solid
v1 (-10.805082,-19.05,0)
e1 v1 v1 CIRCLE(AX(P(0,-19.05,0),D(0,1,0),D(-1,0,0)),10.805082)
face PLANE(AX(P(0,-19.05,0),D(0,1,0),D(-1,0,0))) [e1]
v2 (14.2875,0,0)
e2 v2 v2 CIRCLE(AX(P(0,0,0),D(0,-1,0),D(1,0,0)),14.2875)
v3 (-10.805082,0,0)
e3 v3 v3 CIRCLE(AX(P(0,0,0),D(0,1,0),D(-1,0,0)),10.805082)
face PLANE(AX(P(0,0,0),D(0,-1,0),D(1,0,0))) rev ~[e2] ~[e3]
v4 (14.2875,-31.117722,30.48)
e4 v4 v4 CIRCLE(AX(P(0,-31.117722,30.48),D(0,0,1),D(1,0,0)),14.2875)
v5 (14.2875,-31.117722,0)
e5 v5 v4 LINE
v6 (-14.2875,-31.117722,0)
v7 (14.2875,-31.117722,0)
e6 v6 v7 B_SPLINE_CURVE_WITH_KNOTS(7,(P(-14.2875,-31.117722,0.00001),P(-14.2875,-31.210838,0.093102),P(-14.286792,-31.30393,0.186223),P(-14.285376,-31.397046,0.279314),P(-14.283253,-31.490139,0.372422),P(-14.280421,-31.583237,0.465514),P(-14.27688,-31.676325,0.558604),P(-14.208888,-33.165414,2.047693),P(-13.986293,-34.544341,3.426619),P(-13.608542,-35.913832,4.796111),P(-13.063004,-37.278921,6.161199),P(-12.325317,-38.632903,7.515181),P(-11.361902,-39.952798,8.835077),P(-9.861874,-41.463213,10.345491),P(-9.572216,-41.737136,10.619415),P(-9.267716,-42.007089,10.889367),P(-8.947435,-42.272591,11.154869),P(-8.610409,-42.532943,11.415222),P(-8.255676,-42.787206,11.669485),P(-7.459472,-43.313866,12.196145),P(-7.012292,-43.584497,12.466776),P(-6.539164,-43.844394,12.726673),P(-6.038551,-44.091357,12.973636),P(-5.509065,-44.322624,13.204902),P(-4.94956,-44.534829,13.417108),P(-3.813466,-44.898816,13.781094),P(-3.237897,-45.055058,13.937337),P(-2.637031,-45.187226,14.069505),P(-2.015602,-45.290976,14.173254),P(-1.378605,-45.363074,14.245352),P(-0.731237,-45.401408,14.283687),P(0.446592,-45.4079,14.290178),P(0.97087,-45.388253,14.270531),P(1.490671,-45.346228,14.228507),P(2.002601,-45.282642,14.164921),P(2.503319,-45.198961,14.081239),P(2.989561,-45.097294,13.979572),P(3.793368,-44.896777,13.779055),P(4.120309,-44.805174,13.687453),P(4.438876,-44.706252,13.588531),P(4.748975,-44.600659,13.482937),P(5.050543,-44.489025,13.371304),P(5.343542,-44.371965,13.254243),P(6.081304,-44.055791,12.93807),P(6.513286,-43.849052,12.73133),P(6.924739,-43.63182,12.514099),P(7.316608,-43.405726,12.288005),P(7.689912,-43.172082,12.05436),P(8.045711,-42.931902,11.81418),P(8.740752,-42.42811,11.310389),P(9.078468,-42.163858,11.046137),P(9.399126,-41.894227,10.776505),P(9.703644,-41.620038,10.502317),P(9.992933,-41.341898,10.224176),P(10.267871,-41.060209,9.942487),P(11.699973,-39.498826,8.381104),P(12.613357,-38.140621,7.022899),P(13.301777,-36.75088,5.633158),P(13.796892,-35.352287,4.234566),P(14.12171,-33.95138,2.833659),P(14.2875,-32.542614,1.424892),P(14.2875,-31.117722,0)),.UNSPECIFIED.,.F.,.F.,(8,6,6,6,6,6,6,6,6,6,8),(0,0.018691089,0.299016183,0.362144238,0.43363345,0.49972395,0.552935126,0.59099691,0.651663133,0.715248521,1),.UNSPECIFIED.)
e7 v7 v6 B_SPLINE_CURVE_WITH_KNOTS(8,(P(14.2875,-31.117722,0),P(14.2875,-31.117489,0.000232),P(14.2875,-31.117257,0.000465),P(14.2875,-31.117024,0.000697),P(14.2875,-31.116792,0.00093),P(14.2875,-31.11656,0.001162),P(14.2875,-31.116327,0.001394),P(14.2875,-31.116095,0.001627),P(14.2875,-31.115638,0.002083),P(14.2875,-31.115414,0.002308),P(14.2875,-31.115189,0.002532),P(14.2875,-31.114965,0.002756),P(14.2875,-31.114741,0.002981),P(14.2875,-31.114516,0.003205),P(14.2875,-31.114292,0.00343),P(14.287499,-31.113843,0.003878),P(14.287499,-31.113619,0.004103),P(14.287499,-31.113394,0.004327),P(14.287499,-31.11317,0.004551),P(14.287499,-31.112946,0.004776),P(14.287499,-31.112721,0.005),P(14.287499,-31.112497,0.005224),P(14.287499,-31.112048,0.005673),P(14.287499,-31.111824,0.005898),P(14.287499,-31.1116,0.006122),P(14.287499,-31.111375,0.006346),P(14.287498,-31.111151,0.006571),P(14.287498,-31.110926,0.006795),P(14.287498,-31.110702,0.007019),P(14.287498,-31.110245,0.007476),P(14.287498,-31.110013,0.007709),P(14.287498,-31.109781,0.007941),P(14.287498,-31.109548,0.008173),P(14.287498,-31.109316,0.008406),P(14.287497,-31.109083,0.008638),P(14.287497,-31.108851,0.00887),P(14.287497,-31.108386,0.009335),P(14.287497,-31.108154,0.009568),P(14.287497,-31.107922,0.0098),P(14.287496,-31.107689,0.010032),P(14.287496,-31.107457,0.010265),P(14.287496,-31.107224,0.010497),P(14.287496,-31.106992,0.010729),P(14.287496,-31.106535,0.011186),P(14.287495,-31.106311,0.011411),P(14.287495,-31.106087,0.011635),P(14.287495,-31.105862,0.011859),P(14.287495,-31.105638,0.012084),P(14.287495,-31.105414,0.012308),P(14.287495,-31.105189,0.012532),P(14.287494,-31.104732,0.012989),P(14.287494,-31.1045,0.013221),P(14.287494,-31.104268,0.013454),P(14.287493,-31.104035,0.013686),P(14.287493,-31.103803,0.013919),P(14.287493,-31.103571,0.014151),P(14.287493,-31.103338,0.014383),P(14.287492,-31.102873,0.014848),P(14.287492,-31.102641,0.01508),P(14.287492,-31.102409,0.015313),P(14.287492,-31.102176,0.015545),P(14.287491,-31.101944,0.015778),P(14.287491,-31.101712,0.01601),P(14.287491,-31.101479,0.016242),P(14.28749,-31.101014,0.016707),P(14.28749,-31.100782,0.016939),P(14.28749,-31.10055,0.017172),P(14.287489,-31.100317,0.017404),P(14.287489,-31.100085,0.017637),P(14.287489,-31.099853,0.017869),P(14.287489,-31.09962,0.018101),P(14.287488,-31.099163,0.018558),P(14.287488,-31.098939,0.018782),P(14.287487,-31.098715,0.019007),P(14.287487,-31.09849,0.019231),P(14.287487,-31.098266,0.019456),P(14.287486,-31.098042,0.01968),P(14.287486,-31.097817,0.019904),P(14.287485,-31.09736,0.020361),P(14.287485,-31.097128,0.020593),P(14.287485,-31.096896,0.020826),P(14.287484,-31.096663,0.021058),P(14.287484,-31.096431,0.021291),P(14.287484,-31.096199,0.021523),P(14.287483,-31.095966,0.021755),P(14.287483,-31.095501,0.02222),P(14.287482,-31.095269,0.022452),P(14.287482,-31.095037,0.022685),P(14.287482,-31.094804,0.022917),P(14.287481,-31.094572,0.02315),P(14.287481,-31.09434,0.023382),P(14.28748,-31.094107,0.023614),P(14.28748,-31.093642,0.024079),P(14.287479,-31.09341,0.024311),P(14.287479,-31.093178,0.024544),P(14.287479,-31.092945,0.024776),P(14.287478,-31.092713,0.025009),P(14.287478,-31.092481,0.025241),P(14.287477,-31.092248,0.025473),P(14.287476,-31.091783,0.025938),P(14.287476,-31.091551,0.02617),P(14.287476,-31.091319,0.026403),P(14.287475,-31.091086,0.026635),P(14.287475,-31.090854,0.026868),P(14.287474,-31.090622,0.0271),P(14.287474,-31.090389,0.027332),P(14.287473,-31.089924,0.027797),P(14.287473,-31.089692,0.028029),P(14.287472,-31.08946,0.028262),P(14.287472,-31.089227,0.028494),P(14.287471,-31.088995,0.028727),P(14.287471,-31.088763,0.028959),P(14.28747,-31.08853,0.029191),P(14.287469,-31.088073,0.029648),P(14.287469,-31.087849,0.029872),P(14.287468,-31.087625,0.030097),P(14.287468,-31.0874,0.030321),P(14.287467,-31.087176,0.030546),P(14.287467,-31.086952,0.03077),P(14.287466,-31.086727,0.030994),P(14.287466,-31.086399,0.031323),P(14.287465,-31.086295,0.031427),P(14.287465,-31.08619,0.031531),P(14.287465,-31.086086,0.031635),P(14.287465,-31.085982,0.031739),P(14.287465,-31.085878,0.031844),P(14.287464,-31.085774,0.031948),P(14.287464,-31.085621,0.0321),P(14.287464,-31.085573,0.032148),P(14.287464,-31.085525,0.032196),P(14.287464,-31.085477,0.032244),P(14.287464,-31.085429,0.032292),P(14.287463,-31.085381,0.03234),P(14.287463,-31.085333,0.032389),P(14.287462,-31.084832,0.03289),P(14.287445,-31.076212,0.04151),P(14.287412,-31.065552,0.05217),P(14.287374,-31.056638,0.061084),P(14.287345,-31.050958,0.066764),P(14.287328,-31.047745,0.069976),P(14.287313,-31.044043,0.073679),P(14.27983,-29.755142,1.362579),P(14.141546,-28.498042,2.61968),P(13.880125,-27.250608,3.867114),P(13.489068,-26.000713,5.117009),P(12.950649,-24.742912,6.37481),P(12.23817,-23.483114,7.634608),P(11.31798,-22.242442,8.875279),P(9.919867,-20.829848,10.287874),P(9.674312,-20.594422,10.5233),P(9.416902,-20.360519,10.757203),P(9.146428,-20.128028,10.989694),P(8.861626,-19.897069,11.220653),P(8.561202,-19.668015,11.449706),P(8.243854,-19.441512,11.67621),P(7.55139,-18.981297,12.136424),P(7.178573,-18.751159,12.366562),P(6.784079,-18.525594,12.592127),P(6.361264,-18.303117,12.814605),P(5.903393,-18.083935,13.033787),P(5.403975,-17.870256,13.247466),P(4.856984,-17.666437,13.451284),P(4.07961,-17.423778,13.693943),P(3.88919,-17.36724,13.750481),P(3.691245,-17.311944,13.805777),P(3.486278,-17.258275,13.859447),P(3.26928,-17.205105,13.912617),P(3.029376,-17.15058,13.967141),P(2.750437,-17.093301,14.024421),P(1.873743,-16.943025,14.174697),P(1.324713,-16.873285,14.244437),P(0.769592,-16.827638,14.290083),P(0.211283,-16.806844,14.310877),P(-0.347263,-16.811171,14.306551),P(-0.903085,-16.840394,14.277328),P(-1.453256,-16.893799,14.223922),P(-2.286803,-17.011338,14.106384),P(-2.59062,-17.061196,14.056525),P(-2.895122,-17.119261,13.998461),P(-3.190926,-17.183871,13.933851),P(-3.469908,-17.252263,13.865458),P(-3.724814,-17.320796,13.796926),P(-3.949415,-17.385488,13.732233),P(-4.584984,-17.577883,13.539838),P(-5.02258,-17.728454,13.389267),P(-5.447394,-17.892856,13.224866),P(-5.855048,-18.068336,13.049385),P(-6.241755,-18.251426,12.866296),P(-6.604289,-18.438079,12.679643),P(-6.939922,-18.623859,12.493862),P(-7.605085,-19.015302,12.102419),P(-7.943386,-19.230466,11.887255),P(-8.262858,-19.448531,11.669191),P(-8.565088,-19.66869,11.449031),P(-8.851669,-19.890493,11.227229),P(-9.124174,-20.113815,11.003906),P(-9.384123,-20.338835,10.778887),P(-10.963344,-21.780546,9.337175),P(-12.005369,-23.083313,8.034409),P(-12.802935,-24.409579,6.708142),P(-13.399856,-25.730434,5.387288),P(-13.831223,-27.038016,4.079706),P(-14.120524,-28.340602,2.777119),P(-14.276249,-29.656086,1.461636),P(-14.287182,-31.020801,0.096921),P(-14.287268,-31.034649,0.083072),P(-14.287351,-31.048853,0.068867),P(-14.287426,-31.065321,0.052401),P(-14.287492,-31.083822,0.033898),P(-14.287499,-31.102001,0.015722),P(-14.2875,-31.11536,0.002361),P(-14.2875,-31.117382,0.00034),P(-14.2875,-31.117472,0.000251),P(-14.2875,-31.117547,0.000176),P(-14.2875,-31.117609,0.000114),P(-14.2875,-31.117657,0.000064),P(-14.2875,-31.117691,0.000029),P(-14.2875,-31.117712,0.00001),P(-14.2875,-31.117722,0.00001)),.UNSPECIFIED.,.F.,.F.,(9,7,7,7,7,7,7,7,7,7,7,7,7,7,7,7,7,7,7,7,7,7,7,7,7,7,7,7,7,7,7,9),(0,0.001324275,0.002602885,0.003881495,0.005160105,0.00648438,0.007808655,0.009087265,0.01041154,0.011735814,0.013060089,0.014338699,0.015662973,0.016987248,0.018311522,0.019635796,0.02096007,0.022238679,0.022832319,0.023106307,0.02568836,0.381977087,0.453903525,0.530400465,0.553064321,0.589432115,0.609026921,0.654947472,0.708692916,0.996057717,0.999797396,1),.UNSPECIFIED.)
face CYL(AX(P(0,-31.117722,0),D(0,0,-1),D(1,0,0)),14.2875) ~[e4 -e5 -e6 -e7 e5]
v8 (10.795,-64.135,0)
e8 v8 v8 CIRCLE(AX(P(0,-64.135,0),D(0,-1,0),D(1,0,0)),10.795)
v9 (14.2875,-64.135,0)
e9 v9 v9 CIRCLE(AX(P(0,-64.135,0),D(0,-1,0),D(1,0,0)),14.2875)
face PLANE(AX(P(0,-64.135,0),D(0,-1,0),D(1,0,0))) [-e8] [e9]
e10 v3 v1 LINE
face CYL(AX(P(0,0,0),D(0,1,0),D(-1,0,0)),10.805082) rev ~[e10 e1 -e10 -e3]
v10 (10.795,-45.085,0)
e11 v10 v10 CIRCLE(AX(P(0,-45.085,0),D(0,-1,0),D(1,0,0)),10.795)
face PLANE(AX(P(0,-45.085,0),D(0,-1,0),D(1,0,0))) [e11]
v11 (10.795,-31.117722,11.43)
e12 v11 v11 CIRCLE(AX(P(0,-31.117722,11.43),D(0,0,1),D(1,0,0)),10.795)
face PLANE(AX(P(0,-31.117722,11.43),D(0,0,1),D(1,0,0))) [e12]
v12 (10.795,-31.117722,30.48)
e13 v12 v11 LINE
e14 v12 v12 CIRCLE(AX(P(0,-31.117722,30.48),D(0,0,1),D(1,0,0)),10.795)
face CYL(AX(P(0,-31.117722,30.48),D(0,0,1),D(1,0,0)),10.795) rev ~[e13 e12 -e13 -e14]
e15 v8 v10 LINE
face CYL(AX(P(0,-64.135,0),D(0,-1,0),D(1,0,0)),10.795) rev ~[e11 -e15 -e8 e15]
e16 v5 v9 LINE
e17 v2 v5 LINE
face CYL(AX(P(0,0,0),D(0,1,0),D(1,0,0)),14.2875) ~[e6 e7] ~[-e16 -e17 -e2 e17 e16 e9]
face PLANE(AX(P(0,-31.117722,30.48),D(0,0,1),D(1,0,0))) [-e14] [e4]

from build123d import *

# Parameters (mm, degrees)
F0_R     = 14.2875
F1_DEPTH = 64.135
F4_DEPTH = 30.48
F6_R     = 10.8050815028
F7_DEPTH = 19.05
F5_R     = 10.795
F8_DEPTH = 19.05
F2_R     = 10.795
F9_DEPTH = 19.05


with BuildPart() as f1:
    # F0 (on Front) → F1 (new body)
    with BuildSketch(Plane.XZ):
        Circle(F0_R)
    extrude(amount=F1_DEPTH)

    # F3 (on Top) → F4 (join)
    with BuildSketch(Plane.XY):
        with BuildLine():
            ThreePointArc((0, -45.4052215051), (10.1027881362, -41.2205096413), (14.2875, -31.1177215051))
            ThreePointArc((14.2875, -31.1177215051), (-10.1027881362, -21.0149333689), (0, -45.4052215051))
        make_face()
    extrude(amount=F4_DEPTH)

    # F6 (on face) → F7 (cut)
    with BuildSketch(Plane(origin=(0, 0, 0), x_dir=(-1, 0, 0), z_dir=(0, 1, 0))):
        Circle(F6_R)
    extrude(amount=-F7_DEPTH, mode=Mode.SUBTRACT)

    # F5 (on face) → F8 (cut)
    with BuildSketch(Plane.XY.offset(30.48)):
        with Locations((0, -31.1177215051)):
            Circle(F5_R)
    extrude(amount=-F8_DEPTH, mode=Mode.SUBTRACT)

    # F2 (on face) → F9 (cut)
    with BuildSketch(Plane.XZ.offset(64.135)):
        Circle(F2_R)
    extrude(amount=-F9_DEPTH, mode=Mode.SUBTRACT)


solid = f1.part
